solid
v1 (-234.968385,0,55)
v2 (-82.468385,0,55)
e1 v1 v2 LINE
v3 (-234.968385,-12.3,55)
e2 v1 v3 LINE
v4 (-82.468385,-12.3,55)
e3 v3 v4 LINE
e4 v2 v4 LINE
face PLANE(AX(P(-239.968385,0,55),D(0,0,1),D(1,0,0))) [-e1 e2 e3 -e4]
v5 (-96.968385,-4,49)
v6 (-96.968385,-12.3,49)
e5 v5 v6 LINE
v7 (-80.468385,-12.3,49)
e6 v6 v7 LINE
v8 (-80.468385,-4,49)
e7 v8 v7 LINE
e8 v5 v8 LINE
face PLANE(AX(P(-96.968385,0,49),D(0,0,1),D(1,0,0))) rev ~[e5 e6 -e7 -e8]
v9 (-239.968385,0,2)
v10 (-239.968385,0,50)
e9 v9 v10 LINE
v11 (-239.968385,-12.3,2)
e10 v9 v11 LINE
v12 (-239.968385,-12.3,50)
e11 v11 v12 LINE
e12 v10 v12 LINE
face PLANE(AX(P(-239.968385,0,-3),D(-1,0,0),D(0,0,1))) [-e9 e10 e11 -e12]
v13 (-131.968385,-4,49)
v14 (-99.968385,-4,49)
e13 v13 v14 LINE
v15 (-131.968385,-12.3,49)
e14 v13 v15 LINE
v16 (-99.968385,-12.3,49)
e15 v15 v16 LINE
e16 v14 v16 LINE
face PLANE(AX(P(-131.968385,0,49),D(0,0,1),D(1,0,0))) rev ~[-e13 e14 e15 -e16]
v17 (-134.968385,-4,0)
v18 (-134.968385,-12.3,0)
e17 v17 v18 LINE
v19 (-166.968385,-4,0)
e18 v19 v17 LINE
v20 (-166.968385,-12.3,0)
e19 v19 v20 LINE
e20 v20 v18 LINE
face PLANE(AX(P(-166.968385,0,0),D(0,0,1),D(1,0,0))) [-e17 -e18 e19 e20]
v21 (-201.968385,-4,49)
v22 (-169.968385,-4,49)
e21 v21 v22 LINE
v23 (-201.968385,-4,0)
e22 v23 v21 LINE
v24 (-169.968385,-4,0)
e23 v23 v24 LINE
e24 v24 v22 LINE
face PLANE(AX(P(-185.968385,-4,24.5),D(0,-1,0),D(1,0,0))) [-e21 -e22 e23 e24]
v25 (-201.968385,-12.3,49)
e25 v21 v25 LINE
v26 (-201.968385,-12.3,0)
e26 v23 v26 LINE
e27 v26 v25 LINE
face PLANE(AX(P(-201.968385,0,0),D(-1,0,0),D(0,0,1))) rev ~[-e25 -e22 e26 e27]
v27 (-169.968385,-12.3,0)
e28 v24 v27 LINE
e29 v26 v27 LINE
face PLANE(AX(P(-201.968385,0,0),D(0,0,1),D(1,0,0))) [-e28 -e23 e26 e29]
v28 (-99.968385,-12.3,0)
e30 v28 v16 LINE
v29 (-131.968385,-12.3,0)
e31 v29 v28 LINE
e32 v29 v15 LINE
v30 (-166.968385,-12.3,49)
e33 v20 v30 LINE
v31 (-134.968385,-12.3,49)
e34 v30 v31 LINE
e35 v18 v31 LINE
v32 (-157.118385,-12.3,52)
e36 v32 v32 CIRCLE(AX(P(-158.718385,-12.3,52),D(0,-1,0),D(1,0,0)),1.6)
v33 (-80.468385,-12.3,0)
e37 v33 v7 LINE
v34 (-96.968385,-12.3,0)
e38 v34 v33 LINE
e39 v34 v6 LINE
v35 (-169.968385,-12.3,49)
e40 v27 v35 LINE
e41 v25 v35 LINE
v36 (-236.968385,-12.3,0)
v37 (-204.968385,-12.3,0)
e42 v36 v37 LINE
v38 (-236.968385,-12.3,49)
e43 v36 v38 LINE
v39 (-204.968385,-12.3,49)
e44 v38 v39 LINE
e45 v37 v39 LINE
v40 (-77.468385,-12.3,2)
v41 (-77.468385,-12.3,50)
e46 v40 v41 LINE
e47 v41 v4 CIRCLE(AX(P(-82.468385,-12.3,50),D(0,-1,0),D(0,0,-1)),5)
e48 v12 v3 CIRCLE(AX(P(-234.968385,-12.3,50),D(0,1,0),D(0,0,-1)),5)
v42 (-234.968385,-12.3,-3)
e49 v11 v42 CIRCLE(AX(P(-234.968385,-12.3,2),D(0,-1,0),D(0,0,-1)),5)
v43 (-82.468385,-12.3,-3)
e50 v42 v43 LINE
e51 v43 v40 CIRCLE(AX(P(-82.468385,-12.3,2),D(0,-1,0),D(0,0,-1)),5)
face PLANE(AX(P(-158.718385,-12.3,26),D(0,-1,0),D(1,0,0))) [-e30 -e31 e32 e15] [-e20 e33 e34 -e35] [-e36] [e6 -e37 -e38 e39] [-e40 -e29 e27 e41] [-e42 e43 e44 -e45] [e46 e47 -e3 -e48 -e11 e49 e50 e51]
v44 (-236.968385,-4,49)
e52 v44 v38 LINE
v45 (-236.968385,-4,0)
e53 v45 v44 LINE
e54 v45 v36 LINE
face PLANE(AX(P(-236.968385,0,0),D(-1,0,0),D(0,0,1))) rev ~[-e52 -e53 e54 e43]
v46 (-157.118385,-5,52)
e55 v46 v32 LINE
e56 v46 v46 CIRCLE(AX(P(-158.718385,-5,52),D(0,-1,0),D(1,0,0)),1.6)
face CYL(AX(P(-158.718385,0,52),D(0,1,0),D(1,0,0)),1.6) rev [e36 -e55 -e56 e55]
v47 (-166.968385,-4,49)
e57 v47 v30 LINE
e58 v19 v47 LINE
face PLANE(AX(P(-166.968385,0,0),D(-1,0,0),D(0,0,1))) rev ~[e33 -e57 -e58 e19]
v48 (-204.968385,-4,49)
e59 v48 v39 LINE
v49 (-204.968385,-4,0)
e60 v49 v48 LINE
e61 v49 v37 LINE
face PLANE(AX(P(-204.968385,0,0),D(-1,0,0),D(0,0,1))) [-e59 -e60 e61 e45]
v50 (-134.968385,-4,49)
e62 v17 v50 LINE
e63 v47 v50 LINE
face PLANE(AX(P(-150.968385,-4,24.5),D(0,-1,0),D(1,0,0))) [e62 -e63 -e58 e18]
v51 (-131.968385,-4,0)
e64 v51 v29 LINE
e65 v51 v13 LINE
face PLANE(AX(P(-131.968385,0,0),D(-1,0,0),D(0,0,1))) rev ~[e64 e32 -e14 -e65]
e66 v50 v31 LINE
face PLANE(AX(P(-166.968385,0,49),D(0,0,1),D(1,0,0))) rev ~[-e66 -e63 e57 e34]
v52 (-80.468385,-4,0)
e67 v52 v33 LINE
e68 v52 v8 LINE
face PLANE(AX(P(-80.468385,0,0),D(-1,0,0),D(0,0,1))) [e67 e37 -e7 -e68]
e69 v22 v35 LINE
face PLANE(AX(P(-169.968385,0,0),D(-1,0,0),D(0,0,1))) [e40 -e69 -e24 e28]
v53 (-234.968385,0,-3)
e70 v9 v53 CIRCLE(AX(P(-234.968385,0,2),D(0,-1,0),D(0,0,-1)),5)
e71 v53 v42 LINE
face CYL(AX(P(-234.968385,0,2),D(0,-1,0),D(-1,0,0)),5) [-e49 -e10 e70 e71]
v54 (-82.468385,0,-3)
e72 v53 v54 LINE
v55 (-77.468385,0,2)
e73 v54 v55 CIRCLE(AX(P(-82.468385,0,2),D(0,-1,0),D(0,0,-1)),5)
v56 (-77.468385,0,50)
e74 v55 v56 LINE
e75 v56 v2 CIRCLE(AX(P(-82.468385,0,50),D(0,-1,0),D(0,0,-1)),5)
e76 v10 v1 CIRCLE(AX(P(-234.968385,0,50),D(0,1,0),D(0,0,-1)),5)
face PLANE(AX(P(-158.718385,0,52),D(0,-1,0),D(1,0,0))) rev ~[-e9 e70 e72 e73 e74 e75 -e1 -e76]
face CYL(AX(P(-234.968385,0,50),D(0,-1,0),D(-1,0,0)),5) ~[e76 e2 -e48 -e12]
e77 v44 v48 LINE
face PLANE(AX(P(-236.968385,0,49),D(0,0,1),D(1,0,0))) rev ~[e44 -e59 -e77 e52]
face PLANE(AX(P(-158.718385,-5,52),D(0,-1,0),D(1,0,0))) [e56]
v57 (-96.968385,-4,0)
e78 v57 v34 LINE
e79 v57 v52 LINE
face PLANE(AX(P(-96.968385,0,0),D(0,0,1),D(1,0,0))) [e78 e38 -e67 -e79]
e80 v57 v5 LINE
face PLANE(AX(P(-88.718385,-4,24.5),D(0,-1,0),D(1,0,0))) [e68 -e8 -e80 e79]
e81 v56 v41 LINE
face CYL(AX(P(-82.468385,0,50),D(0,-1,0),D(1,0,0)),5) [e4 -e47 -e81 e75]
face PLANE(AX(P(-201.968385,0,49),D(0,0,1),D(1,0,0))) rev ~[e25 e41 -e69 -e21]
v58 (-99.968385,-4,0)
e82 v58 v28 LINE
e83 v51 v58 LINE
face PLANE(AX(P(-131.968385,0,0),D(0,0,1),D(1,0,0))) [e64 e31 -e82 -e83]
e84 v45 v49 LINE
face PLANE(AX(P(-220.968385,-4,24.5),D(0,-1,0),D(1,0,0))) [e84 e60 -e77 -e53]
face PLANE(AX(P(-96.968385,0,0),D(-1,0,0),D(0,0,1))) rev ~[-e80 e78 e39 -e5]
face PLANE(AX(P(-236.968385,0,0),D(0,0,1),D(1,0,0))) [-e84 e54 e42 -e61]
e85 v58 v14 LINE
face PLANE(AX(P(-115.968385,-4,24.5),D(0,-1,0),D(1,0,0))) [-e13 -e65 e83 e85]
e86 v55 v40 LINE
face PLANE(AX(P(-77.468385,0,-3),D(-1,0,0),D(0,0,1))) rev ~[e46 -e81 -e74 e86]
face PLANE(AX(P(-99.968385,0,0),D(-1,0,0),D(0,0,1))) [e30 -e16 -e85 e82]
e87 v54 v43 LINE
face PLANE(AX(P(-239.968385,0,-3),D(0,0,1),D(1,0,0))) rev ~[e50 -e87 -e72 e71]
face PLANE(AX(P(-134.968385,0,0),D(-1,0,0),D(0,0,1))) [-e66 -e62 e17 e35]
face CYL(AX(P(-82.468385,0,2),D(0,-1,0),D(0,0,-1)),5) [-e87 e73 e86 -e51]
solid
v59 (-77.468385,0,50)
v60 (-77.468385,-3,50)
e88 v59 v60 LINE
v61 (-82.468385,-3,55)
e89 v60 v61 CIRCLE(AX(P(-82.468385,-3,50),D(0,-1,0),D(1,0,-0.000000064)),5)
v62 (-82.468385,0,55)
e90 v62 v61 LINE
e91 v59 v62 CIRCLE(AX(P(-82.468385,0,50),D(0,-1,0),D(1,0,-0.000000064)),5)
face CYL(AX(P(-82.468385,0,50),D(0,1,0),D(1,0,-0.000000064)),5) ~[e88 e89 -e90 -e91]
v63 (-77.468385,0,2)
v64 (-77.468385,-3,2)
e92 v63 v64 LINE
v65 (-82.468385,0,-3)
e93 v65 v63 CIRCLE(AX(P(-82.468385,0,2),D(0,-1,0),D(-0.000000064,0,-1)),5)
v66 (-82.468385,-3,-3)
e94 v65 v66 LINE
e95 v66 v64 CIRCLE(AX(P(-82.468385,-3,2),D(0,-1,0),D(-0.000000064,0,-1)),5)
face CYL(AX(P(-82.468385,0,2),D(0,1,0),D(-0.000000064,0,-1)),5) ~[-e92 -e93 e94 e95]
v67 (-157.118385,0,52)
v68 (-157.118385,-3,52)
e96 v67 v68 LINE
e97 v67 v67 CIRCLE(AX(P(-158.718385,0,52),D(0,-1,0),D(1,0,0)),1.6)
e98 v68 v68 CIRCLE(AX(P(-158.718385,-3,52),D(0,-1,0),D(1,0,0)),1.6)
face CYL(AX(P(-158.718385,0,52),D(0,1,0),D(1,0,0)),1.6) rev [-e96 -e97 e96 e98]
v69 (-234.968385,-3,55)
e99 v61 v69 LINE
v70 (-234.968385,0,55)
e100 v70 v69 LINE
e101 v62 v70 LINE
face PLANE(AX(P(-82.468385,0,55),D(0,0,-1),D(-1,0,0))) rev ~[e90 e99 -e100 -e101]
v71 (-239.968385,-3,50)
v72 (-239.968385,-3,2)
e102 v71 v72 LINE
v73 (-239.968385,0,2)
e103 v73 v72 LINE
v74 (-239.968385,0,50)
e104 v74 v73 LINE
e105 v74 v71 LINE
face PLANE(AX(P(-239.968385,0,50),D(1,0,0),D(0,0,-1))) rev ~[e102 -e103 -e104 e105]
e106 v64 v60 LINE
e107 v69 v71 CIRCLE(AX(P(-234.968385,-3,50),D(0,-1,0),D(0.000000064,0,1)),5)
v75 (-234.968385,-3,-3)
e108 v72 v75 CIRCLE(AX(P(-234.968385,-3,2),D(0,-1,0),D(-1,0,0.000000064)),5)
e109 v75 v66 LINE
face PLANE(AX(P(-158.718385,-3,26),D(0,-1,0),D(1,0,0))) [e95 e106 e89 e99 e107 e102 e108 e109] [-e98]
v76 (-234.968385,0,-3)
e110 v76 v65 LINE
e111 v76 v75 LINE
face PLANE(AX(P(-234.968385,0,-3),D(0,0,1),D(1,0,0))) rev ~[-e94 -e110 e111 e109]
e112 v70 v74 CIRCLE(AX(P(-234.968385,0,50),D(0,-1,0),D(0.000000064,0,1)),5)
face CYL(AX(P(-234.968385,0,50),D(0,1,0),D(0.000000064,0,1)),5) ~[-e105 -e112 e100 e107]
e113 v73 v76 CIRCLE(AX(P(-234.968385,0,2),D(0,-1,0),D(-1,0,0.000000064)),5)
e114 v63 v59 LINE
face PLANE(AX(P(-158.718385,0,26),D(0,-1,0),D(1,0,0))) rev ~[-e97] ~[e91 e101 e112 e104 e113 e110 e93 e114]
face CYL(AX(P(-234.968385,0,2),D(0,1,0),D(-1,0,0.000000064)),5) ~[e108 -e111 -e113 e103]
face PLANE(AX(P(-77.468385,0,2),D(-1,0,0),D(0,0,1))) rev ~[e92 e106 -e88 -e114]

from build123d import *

# Parameters (mm, degrees)
F0_W     = 162.5
F0_H     = 58
F0_W_2   = 32
F0_H_2   = 49
F0_W_3   = 16.5
F0_R     = 1.6
F1_DEPTH = 12.3
F2_DEPTH = 4
F3_DEPTH = 5
F4_R     = 5
F5_R     = 1.6
F6_DEPTH = 3


with BuildPart() as f1:
    # F0 (on Front) → F1 (new body)
    with BuildSketch(Plane.XZ):
        with Locations((-158.718385, 26)):
            Rectangle(F0_W, F0_H)
        with Locations((-220.968385, 24.5)):
            Rectangle(F0_W_2, F0_H_2, mode=Mode.SUBTRACT)
        with Locations((-185.968385, 24.5)):
            Rectangle(F0_W_2, F0_H_2, mode=Mode.SUBTRACT)
        with Locations((-150.968385, 24.5)):
            Rectangle(F0_W_2, F0_H_2, mode=Mode.SUBTRACT)
        with Locations((-115.968385, 24.5)):
            Rectangle(F0_W_2, F0_H_2, mode=Mode.SUBTRACT)
        with Locations((-88.718385, 24.5)):
            Rectangle(F0_W_3, F0_H_2, mode=Mode.SUBTRACT)
        with Locations((-158.718385, 52)):
            Circle(F0_R, mode=Mode.SUBTRACT)
    extrude(amount=F1_DEPTH)

    # F0 (on Front) → F2 (join)
    with BuildSketch(Plane.XZ):
        with Locations((-220.968385, 24.5)):
            Rectangle(F0_W_2, F0_H_2)
        with Locations((-185.968385, 24.5)):
            Rectangle(F0_W_2, F0_H_2)
        with Locations((-150.968385, 24.5)):
            Rectangle(F0_W_2, F0_H_2)
        with Locations((-115.968385, 24.5)):
            Rectangle(F0_W_2, F0_H_2)
        with Locations((-88.718385, 24.5)):
            Rectangle(F0_W_3, F0_H_2)
    extrude(amount=F2_DEPTH)

    # F0 (on Front) → F3 (join)
    with BuildSketch(Plane.XZ):
        with Locations((-158.718385, 52)):
            Circle(F0_R)
    extrude(amount=F3_DEPTH)

    # F4
    f4_edges = [f1.edges().sort_by_distance(p)[0] for p in [
        (-77.468385, -6.15, -3),
        (-77.468385, -6.15, 55),
        (-239.968385, -6.15, -3),
        (-239.968385, -6.15, 55),
    ]]
    fillet(f4_edges, radius=F4_R)


with BuildPart() as f6:
    # F5 (on Front) → F6 (new body)
    with BuildSketch(Plane.XZ):
        with BuildLine():
            Line((-82.468385, 55), (-234.968385, 55))
            ThreePointArc((-234.968385, 55), (-238.503919, 53.535534), (-239.968385, 50))
            Line((-239.968385, 50), (-239.968385, 2))
            ThreePointArc((-239.968385, 2), (-238.503919, -1.535534), (-234.968385, -3))
            Line((-234.968385, -3), (-82.468385, -3))
            ThreePointArc((-82.468385, -3), (-78.932851, -1.535534), (-77.468385, 2))
            Line((-77.468385, 2), (-77.468385, 50))
            ThreePointArc((-77.468385, 50), (-78.932851, 53.535534), (-82.468385, 55))
        make_face()
        with Locations((-158.718385, 52)):
            Circle(F5_R, mode=Mode.SUBTRACT)
    extrude(amount=F6_DEPTH)


solid = Compound([f1.part, f6.part])
